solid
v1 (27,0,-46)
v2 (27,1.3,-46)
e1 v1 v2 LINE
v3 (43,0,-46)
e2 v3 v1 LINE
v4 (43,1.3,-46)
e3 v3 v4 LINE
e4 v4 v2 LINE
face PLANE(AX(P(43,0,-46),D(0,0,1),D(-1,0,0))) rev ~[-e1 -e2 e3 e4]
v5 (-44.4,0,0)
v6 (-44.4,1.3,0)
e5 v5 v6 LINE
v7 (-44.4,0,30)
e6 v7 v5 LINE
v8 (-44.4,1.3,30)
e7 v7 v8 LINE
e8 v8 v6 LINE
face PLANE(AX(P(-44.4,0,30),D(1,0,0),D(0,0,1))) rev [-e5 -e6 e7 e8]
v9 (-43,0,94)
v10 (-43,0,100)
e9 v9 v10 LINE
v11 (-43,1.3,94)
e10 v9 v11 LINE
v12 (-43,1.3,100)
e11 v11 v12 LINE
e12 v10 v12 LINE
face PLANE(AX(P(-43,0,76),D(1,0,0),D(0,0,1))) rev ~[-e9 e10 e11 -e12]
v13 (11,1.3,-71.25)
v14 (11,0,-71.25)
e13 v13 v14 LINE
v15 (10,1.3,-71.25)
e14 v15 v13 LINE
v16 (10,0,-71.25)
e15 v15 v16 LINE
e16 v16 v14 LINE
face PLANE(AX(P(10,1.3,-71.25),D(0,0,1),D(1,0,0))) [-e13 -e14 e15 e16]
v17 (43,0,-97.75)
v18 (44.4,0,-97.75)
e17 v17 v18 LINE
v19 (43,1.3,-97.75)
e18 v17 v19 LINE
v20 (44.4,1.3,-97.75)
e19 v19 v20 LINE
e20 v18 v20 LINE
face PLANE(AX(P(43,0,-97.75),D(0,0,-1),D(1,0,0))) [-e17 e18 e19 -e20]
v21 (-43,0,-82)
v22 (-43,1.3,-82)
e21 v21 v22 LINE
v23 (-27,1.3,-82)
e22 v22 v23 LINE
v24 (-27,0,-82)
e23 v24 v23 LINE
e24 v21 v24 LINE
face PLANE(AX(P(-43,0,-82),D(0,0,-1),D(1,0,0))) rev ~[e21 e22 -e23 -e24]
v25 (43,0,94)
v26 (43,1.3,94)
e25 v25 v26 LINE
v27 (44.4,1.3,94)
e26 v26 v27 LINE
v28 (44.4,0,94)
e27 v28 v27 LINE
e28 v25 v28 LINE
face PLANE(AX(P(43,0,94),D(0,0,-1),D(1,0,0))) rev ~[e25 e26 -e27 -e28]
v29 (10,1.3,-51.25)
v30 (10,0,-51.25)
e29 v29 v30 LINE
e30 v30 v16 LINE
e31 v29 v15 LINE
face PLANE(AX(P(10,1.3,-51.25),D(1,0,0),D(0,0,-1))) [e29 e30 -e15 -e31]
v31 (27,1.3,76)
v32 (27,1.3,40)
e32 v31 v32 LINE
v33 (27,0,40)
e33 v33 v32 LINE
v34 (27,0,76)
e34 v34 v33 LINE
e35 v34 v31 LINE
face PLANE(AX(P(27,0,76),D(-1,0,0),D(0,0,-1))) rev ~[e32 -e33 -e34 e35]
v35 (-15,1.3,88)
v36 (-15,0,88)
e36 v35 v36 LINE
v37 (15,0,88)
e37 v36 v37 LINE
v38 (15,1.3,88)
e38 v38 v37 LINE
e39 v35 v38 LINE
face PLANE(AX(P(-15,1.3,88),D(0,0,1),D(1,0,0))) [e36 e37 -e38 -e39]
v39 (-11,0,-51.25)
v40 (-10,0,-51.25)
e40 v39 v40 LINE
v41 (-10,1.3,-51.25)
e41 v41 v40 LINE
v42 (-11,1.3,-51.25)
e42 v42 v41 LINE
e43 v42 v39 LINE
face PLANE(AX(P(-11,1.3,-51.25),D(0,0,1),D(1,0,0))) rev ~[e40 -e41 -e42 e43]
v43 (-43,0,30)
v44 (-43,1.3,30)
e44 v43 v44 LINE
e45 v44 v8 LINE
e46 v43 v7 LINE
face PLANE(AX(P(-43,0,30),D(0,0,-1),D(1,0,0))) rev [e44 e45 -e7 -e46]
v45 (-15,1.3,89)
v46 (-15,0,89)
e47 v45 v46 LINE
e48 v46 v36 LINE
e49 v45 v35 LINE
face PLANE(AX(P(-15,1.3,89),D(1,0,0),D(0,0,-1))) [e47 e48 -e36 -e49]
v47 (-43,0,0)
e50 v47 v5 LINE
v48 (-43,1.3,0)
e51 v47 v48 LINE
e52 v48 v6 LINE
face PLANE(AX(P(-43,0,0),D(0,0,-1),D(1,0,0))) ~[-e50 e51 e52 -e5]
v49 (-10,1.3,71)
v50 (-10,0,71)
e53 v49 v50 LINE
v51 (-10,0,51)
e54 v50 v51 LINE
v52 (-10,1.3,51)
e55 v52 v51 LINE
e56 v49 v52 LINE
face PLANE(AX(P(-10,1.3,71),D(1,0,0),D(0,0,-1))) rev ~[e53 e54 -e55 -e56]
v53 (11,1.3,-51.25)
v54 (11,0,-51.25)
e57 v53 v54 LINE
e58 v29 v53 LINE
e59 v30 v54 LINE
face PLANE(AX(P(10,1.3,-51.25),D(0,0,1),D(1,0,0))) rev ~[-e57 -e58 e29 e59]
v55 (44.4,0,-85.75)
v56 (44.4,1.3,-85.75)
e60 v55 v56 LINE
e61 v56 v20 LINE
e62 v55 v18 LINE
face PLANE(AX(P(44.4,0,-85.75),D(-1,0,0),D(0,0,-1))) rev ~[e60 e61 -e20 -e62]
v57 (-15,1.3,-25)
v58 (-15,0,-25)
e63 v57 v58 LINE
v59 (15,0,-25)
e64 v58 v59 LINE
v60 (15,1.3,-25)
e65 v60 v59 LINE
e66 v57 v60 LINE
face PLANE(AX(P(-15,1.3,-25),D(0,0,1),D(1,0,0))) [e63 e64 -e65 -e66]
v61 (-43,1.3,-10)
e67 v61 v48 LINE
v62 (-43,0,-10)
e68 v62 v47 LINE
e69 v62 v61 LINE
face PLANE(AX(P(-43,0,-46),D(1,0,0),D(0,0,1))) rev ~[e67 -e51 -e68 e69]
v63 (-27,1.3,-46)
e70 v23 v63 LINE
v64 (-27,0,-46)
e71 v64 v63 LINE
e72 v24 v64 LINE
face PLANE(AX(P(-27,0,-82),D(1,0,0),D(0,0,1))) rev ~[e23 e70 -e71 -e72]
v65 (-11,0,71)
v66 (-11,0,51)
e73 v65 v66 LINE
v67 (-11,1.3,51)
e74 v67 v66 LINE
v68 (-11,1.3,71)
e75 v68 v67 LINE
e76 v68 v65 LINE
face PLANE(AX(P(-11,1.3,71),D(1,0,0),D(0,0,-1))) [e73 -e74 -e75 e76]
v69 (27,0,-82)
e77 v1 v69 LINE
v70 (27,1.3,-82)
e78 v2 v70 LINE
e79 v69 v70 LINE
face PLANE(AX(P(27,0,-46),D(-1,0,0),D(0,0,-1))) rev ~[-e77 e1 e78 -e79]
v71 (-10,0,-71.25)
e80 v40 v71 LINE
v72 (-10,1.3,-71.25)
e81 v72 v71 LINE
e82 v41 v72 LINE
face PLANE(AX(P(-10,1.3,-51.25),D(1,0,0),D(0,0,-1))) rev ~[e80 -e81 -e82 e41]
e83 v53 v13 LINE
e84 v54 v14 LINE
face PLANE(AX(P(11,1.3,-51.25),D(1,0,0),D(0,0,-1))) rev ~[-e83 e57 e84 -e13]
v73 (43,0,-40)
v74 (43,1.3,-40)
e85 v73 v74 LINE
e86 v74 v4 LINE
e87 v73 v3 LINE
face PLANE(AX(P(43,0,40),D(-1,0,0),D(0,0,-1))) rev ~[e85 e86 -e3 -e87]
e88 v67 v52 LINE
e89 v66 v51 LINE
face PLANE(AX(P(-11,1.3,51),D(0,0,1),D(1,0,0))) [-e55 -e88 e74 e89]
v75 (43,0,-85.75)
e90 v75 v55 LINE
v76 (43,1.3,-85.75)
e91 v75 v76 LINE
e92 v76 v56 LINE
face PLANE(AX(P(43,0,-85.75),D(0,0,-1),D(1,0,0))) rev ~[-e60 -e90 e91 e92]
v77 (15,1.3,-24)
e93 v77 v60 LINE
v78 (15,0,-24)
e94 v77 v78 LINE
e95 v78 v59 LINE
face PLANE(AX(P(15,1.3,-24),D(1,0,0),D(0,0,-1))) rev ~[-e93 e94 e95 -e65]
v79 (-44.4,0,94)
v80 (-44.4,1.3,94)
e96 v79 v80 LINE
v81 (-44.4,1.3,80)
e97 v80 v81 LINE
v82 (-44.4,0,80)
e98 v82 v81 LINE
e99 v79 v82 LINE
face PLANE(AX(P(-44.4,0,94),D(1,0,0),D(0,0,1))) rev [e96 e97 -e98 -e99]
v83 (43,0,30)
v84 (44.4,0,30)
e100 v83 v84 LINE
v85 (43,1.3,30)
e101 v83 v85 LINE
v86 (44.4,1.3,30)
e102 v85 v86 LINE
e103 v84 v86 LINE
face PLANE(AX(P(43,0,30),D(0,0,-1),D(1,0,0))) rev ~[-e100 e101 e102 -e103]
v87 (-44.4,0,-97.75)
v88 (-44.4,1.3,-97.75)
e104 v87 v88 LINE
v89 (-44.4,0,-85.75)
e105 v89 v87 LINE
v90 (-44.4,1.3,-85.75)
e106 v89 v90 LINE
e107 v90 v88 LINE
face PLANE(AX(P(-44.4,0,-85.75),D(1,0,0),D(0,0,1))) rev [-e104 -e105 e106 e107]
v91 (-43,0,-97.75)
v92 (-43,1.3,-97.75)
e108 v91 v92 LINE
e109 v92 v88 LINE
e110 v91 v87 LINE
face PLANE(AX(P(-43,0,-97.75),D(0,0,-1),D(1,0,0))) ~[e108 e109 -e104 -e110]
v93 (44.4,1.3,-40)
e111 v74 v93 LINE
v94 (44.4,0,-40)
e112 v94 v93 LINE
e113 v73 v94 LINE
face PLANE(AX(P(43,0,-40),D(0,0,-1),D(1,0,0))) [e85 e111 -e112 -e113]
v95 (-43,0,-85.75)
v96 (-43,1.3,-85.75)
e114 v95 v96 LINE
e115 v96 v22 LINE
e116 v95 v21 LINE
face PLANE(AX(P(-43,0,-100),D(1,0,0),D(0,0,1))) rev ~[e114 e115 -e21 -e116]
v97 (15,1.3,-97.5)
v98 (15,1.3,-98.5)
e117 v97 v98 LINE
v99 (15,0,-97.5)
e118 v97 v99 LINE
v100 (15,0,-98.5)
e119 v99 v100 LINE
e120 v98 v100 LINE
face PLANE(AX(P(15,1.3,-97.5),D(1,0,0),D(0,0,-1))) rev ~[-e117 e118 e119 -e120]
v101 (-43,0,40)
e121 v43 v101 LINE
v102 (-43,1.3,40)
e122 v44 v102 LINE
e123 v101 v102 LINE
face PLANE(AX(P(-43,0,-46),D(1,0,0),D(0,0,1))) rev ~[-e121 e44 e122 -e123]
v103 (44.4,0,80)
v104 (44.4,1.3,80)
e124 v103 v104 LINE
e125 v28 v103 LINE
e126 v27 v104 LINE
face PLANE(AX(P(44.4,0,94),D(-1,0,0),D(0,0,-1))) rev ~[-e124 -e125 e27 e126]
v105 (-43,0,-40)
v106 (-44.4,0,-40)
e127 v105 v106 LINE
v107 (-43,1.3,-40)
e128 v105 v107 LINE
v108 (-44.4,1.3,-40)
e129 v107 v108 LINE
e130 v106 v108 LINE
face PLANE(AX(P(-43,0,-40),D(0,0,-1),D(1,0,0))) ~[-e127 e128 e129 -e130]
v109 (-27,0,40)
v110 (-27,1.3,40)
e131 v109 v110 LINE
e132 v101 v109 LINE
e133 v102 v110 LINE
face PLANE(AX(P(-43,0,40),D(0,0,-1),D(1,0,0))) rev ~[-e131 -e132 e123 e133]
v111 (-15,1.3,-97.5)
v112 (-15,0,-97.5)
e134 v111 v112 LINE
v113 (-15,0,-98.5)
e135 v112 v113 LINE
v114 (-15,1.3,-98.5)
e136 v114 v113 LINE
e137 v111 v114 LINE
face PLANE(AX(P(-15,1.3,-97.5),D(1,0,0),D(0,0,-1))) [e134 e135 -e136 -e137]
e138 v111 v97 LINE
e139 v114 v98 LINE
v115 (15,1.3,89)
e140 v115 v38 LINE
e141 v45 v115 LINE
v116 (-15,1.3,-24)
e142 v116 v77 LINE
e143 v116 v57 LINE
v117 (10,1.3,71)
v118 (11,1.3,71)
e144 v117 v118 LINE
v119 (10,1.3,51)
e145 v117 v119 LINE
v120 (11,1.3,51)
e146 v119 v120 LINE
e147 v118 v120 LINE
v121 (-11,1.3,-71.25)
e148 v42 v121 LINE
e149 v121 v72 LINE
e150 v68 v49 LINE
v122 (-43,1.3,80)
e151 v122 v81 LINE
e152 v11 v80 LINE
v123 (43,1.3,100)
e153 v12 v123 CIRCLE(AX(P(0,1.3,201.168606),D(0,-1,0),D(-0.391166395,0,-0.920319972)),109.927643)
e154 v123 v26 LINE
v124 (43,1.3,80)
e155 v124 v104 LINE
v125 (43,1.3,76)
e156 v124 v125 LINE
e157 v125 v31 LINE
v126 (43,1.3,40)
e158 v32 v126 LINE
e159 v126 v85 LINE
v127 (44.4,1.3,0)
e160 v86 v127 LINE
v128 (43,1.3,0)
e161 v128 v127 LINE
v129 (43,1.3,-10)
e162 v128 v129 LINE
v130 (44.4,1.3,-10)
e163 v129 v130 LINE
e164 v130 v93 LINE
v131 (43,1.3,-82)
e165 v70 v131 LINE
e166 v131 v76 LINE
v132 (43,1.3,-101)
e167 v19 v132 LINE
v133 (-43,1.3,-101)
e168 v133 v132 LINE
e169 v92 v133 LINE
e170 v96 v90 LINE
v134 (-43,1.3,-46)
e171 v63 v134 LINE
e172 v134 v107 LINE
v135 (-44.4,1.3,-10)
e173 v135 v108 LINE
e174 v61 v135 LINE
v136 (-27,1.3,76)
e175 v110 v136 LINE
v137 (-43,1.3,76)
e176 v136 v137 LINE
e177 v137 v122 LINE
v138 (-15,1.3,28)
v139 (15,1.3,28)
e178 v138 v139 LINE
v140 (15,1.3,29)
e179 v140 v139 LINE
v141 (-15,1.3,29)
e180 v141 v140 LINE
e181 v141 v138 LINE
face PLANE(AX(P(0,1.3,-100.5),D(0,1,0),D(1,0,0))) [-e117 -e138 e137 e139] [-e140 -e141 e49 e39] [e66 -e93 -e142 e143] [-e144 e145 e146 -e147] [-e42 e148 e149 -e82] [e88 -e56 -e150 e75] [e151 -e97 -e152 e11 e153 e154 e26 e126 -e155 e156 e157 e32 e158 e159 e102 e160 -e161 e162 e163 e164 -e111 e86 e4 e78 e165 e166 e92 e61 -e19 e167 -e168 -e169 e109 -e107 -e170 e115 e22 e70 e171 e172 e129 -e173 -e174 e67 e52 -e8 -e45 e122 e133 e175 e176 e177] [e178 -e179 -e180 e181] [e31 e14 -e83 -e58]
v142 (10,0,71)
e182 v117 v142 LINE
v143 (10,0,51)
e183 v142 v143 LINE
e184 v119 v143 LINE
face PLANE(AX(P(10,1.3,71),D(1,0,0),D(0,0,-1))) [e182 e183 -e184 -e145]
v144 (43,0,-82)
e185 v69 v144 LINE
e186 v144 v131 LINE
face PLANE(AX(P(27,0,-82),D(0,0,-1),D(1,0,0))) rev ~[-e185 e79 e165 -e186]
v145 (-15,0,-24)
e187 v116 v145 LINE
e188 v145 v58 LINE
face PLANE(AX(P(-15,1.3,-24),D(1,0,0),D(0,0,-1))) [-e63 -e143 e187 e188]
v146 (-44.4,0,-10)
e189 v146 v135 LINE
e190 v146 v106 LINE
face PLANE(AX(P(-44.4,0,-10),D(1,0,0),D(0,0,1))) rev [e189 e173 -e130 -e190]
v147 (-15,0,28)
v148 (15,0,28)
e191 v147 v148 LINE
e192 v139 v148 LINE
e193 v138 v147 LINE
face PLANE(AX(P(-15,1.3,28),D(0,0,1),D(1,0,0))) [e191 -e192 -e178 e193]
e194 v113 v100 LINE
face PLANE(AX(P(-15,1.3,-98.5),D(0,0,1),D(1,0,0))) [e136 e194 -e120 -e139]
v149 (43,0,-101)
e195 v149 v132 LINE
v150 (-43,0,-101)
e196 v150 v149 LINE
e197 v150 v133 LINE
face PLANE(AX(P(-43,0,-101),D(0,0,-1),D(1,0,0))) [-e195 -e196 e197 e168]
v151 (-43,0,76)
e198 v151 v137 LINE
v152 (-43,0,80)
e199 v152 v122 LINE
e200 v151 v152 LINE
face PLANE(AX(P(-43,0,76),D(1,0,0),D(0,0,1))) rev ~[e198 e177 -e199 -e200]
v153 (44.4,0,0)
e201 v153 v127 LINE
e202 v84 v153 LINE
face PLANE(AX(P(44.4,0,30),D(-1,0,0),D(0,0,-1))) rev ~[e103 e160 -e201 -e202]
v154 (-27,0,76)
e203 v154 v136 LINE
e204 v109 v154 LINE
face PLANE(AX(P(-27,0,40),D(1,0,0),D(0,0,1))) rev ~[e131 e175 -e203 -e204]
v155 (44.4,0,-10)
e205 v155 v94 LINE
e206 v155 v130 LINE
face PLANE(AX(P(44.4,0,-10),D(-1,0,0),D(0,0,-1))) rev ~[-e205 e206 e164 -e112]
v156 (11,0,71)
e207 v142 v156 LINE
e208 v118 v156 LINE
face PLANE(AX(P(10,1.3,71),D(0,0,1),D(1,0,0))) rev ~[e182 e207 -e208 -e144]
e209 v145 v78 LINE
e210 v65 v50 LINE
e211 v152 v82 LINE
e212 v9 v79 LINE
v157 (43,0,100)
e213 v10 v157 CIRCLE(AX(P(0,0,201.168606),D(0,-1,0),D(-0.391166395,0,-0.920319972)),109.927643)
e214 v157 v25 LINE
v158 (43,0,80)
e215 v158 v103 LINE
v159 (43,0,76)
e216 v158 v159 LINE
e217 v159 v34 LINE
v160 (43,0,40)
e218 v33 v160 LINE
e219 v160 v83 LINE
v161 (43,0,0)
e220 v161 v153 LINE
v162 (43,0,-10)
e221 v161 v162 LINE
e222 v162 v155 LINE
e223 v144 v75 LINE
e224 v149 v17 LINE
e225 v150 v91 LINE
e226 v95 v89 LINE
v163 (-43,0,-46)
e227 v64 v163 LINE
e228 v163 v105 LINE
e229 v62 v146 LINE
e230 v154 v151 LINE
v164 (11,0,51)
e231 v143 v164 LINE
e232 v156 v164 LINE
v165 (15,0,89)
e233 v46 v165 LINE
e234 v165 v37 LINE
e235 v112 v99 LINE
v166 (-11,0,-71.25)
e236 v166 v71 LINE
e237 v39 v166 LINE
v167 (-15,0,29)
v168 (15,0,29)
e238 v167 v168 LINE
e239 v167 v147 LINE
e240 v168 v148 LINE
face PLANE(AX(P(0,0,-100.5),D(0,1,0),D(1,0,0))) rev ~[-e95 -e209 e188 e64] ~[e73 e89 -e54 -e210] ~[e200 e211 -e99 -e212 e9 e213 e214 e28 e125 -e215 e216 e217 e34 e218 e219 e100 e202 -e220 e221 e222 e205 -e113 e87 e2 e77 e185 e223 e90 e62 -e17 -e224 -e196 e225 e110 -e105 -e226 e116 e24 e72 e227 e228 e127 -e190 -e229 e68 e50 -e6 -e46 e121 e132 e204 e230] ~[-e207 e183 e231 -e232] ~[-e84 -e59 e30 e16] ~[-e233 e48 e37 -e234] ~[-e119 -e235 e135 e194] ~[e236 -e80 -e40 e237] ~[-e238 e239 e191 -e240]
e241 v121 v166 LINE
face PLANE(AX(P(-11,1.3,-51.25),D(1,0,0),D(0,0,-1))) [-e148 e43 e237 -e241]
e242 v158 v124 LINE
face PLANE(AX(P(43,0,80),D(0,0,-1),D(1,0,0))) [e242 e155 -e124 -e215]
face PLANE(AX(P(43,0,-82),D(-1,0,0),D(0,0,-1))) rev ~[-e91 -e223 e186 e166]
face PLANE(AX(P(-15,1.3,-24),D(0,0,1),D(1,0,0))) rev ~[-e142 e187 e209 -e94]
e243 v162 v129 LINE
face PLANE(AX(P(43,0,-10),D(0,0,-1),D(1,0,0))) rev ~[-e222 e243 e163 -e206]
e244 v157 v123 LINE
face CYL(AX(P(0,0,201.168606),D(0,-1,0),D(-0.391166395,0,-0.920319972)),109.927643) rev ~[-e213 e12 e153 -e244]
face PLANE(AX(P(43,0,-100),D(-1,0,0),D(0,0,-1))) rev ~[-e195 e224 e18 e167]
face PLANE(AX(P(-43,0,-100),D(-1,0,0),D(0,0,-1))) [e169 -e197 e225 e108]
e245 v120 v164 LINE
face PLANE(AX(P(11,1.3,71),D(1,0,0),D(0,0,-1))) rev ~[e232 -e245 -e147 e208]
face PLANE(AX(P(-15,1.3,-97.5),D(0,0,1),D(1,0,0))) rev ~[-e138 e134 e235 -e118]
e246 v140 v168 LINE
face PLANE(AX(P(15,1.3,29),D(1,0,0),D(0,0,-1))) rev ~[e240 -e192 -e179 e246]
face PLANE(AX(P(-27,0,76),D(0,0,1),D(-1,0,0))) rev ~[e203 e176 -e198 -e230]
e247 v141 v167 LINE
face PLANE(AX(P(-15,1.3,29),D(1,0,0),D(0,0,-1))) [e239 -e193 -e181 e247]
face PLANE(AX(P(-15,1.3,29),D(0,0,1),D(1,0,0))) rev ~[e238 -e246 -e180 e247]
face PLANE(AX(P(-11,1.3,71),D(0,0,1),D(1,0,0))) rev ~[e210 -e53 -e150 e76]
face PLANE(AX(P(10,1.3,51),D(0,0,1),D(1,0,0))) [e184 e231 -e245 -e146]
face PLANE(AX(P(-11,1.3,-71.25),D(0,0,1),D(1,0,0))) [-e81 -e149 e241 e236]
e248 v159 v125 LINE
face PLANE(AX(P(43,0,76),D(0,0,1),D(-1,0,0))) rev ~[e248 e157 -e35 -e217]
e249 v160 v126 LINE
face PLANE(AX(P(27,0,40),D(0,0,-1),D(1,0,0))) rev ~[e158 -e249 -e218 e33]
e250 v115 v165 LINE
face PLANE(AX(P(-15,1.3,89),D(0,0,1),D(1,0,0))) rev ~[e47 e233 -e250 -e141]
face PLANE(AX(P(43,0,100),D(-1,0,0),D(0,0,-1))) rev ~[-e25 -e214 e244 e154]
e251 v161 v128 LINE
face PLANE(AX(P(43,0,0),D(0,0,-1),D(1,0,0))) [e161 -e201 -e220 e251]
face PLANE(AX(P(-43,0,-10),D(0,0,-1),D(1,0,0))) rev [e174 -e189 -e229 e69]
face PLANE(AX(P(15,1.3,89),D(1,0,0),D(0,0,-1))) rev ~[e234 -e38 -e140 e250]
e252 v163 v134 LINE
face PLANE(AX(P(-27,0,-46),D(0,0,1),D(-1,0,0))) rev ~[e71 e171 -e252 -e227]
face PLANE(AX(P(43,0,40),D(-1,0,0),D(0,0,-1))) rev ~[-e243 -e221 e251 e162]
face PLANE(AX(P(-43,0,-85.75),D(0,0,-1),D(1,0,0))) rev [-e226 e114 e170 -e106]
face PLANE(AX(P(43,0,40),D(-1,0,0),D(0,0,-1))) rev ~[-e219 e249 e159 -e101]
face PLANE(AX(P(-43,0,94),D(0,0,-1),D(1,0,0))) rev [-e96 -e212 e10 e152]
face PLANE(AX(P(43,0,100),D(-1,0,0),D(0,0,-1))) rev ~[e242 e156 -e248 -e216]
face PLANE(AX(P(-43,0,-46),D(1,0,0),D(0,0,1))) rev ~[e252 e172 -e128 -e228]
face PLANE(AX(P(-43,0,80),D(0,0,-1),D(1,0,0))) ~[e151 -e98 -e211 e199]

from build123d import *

# Parameters (mm, degrees)
BOSS_EXTRUDE1_DEPTH = 1.3
SKETCH2_W           = 1.4
SKETCH2_H           = 12
SKETCH2_H_2         = 30
SKETCH2_H_3         = 14
BOSS_EXTRUDE2_DEPTH = 1.3
SKETCH3_W           = 30
SKETCH3_H           = 1
CUT_EXTRUDE1_DEPTH  = 110.421433001
SKETCH4_W           = 30
SKETCH4_H           = 1
CUT_EXTRUDE2_DEPTH  = 110.421433001
SKETCH6_W           = 30
SKETCH6_H           = 1
CUT_EXTRUDE3_DEPTH  = 110.421433001
SKETCH7_W           = 1
SKETCH7_H           = 20
SKETCH7_W_2         = 30
SKETCH7_H_2         = 1
CUT_EXTRUDE4_DEPTH  = 110.421433001
SKETCH8_W           = 1
SKETCH8_H           = 20
CUT_EXTRUDE5_DEPTH  = 110.421433001
SKETCH9_W           = 86
SKETCH9_H           = 1
BOSS_EXTRUDE3_DEPTH = 1.3


with BuildPart() as part:
    # Sketch1 → Boss-Extrude1 (new body)
    with BuildSketch(Plane(origin=(0, 0, 0), x_dir=(1, 0, 0), z_dir=(0, 1, 0))):
        with BuildLine():
            Line((43, 100), (-43, 100))
            Line((-43, 100), (-43, 82))
            Line((-43, 82), (-27, 82))
            Line((-27, 82), (-27, 46))
            Line((-27, 46), (-43, 46))
            Line((-43, 46), (-43, -40))
            Line((-43, -40), (-27, -40))
            Line((-27, -40), (-27, -76))
            Line((-27, -76), (-43, -76))
            Line((-43, -76), (-43, -100))
            ThreePointArc((-43, -100), (0, -91.240962318), (43, -100))
            Line((43, -100), (43, -76))
            Line((43, -76), (27, -76))
            Line((27, -76), (27, -40))
            Line((27, -40), (43, -40))
            Line((43, -40), (43, 46))
            Line((43, 46), (27, 46))
            Line((27, 46), (27, 82))
            Line((27, 82), (43, 82))
            Line((43, 82), (43, 100))
        make_face()
    extrude(amount=BOSS_EXTRUDE1_DEPTH)

    # Sketch2 → Boss-Extrude2 (add)
    with BuildSketch(Plane(origin=(0, 0, 0), x_dir=(1, 0, 0), z_dir=(0, 1, 0))):
        with Locations((43.7, 91.75)):
            Rectangle(SKETCH2_W, SKETCH2_H)
        with Locations((43.7, 25)):
            Rectangle(SKETCH2_W, SKETCH2_H_2)
        with Locations((43.7, -87)):
            Rectangle(SKETCH2_W, SKETCH2_H_3)
        with Locations((43.7, -15)):
            Rectangle(SKETCH2_W, SKETCH2_H_2)
    boss_extrude2 = extrude(amount=BOSS_EXTRUDE2_DEPTH)

    # Mirror1: Boss-Extrude2 across plane
    add(boss_extrude2.mirror(Plane(origin=(0, 0, 0), x_dir=(0, 0, 1), z_dir=(1, 0, 0))))

    # Sketch3 → Cut-Extrude1 (cut, through all)
    with BuildSketch(Plane(origin=(0, 1.3, 0), x_dir=(1, 0, 0), z_dir=(0, 1, 0))):
        with Locations((0, 98)):
            Rectangle(SKETCH3_W, SKETCH3_H)
    extrude(amount=-CUT_EXTRUDE1_DEPTH, mode=Mode.SUBTRACT)

    # Sketch4 → Cut-Extrude2 (cut, through all)
    with BuildSketch(Plane(origin=(0, 1.3, 0), x_dir=(1, 0, 0), z_dir=(0, 1, 0))):
        with Locations((0, -88.5)):
            Rectangle(SKETCH4_W, SKETCH4_H)
    extrude(amount=-CUT_EXTRUDE2_DEPTH, mode=Mode.SUBTRACT)

    # Sketch6 → Cut-Extrude3 (cut, through all)
    with BuildSketch(Plane(origin=(0, 1.3, 0), x_dir=(1, 0, 0), z_dir=(0, 1, 0))):
        with Locations((0, 24.5)):
            Rectangle(SKETCH6_W, SKETCH6_H)
    extrude(amount=-CUT_EXTRUDE3_DEPTH, mode=Mode.SUBTRACT)

    # Sketch7 → Cut-Extrude4 (cut, through all)
    with BuildSketch(Plane(origin=(0, 1.3, 0), x_dir=(1, 0, 0), z_dir=(0, 1, 0))):
        with Locations((-10.5, -61)):
            Rectangle(SKETCH7_W, SKETCH7_H)
        with Locations((10.5, -61)):
            Rectangle(SKETCH7_W, SKETCH7_H)
        with Locations((0, -28.5)):
            Rectangle(SKETCH7_W_2, SKETCH7_H_2)
    extrude(amount=-CUT_EXTRUDE4_DEPTH, mode=Mode.SUBTRACT)

    # Sketch8 → Cut-Extrude5 (cut, through all)
    with BuildSketch(Plane(origin=(0, 1.3, 0), x_dir=(1, 0, 0), z_dir=(0, 1, 0))):
        with Locations((-10.5, 61.25)):
            Rectangle(SKETCH8_W, SKETCH8_H)
        with Locations((10.5, 61.25)):
            Rectangle(SKETCH8_W, SKETCH8_H)
    extrude(amount=-CUT_EXTRUDE5_DEPTH, mode=Mode.SUBTRACT)

    # Sketch9 → Boss-Extrude3 (add)
    with BuildSketch(Plane(origin=(0, 0, 0), x_dir=(1, 0, 0), z_dir=(0, 1, 0))):
        with Locations((0, 100.5)):
            Rectangle(SKETCH9_W, SKETCH9_H)
    extrude(amount=BOSS_EXTRUDE3_DEPTH)


solid = part.part
